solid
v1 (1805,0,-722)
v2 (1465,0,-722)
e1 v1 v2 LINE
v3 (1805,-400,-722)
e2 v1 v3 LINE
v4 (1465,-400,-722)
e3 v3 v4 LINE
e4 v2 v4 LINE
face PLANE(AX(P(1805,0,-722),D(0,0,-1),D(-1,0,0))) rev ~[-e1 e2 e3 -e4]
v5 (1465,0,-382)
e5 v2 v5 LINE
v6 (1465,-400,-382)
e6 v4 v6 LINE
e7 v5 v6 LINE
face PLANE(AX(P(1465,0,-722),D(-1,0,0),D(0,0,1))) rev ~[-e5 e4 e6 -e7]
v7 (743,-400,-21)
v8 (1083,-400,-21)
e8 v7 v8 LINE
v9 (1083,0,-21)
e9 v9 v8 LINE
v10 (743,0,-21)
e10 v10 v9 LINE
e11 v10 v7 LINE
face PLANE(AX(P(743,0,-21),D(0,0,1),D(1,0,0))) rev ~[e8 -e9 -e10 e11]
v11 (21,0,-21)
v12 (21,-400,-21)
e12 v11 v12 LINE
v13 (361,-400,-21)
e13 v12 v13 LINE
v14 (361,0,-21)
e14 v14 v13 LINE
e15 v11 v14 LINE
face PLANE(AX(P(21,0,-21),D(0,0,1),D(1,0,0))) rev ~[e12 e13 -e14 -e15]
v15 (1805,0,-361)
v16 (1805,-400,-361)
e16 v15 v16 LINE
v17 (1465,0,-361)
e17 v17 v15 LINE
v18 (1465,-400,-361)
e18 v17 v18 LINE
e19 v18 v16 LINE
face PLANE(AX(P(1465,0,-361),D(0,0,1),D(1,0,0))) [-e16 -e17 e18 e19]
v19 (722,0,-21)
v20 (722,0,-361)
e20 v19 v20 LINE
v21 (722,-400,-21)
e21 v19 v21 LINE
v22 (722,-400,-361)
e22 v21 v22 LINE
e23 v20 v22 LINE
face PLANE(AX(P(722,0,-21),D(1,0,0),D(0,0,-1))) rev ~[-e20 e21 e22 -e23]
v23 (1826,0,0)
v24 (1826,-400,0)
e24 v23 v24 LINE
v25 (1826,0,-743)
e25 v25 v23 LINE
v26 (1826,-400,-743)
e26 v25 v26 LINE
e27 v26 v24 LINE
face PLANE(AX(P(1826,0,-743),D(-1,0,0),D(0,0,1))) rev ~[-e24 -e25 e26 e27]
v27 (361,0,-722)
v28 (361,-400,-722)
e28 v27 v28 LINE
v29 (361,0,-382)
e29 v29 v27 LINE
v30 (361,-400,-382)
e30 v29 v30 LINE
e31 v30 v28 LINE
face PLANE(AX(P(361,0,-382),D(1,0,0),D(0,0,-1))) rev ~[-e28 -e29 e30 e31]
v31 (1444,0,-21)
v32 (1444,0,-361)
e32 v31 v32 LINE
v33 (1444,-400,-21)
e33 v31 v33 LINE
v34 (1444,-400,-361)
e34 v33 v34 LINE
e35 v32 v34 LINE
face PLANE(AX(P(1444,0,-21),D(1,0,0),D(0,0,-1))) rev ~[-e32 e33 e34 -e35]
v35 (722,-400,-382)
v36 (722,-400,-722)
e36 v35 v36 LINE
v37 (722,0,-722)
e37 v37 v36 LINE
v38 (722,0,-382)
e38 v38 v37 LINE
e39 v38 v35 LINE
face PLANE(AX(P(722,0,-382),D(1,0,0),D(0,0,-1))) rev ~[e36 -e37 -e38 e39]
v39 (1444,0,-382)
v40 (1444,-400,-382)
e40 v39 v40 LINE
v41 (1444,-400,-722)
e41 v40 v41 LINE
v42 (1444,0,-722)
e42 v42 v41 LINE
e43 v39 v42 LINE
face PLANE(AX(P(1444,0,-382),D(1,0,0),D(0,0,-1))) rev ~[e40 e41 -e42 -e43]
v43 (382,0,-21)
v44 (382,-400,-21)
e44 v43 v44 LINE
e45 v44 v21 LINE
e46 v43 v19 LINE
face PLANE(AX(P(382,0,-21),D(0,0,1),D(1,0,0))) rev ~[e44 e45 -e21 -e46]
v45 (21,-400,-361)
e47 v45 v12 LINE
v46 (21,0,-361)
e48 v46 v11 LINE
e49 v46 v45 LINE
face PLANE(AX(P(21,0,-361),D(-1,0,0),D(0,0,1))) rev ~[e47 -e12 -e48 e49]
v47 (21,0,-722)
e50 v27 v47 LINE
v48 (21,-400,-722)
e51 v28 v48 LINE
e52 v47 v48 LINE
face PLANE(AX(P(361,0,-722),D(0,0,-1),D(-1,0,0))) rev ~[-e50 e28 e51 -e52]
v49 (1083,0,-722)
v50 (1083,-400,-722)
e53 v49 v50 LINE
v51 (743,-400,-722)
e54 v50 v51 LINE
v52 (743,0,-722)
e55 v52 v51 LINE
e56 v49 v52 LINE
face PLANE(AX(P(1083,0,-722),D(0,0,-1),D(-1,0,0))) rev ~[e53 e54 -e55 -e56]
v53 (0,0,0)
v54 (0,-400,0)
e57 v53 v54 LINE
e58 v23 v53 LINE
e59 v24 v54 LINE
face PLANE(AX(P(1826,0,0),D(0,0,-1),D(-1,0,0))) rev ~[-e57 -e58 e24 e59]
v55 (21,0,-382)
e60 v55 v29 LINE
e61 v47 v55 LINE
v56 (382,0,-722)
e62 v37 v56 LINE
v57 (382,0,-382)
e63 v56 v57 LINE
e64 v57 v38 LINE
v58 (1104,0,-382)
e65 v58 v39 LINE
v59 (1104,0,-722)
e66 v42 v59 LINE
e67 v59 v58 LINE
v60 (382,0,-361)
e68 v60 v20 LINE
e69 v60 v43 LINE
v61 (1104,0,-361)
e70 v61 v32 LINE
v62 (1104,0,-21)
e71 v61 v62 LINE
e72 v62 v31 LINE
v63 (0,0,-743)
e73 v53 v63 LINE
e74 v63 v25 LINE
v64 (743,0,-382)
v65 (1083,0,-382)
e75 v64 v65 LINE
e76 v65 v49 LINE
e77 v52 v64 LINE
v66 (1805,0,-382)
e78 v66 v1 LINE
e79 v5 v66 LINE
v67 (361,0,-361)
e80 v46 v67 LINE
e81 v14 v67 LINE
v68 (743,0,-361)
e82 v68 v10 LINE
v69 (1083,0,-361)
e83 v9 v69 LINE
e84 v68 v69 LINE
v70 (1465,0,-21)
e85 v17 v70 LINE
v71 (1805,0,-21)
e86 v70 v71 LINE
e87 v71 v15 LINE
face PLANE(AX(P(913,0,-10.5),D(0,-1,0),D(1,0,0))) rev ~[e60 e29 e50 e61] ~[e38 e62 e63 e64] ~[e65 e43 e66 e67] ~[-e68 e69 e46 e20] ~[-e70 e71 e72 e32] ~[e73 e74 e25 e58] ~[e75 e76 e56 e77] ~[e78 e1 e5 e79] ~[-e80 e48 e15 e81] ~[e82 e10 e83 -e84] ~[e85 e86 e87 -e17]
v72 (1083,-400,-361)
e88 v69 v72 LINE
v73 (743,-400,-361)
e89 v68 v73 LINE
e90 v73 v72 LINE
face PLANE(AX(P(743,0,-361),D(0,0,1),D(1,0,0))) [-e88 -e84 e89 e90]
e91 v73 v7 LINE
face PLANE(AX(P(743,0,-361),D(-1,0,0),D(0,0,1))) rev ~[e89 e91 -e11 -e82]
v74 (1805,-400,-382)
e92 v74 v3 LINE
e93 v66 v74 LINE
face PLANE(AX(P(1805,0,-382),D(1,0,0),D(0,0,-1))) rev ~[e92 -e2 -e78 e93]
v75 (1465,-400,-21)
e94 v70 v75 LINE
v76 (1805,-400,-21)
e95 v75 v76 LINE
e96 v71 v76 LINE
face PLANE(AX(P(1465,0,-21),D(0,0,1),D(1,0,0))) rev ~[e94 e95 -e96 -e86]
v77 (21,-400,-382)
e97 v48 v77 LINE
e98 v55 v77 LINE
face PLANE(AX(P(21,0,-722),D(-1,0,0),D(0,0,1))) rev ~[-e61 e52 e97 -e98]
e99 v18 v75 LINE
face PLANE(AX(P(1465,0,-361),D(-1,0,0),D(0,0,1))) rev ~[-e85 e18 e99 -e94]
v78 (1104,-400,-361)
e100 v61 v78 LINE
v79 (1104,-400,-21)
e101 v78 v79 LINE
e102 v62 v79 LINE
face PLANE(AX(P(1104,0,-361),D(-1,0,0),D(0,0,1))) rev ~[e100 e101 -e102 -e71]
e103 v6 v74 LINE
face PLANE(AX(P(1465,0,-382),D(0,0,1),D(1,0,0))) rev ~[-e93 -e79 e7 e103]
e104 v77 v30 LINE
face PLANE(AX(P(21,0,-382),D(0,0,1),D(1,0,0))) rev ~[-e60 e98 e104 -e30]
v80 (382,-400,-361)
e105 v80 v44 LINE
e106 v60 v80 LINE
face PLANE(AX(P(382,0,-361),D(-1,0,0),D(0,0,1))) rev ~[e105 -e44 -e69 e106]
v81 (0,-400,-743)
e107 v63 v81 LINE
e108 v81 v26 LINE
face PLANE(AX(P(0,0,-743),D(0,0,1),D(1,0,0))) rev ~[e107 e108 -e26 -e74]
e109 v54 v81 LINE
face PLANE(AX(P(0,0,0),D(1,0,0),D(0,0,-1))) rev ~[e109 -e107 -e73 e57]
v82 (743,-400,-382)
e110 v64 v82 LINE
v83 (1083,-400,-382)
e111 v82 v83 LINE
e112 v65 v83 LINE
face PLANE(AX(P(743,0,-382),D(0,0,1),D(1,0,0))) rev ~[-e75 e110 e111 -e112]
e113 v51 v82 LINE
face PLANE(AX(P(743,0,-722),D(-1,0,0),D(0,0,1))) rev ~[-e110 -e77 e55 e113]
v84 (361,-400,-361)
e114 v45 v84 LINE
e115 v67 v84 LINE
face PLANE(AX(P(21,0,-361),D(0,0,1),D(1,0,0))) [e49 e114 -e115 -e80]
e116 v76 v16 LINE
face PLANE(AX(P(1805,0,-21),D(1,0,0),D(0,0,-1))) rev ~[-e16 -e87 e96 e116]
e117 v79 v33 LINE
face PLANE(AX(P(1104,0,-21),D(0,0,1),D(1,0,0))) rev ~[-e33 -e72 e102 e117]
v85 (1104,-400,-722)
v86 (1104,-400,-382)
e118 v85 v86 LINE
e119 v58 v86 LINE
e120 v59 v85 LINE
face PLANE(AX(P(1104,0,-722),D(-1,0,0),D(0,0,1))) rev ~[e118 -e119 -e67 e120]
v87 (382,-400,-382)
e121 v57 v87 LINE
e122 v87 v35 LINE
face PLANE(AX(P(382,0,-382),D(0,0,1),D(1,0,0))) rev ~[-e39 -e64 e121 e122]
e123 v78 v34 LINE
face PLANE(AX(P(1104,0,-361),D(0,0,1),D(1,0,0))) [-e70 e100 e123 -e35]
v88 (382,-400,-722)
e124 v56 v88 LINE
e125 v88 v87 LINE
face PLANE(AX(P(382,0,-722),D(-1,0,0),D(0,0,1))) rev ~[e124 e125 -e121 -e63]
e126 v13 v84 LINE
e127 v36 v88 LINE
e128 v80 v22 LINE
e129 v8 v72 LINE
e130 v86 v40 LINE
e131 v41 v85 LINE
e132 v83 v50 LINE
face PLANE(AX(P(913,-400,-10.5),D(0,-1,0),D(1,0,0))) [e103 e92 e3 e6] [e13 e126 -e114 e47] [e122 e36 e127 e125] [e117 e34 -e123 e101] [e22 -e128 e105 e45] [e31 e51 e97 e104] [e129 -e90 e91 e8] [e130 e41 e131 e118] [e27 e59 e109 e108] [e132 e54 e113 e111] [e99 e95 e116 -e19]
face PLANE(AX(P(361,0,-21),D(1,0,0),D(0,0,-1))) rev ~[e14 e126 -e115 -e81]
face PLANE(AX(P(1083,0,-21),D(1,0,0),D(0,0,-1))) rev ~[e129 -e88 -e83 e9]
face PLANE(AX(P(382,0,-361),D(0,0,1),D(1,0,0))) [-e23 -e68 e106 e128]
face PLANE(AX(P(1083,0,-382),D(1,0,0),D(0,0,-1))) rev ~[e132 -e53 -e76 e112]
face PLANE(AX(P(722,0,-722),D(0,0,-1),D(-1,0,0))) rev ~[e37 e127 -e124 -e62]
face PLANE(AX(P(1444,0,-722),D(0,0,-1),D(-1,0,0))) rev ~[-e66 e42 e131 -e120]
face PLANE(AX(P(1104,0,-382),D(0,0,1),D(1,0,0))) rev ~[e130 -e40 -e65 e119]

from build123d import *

# Parameters (mm, degrees)
F0_W     = 340
F0_H     = 21
F1_DEPTH = 400


with BuildPart() as f1:
    # F0 (on Front) → F1 (new body)
    with BuildSketch(Plane.XZ):
        Polygon((1826, 0), (0, 0), (0, -21), (21, -21), (361, -21), (382, -21), (722, -21), (743, -21), (1083, -21), (1104, -21), (1444, -21), (1465, -21), (1805, -21), (1826, -21), align=None)
        Polygon((1465, -361), (1465, -21), (1444, -21), (1444, -361), (1444, -382), (1444, -722), (1465, -722), (1465, -382), align=None)
        Polygon((1104, -361), (1104, -21), (1083, -21), (1083, -361), (1083, -382), (1083, -722), (1104, -722), (1104, -382), align=None)
        Polygon((21, -722), (0, -722), (0, -743), (1826, -743), (1826, -722), (1805, -722), (1465, -722), (1444, -722), (1104, -722), (1083, -722), (743, -722), (722, -722), (382, -722), (361, -722), align=None)
        Polygon((743, -21), (722, -21), (722, -361), (722, -382), (722, -722), (743, -722), (743, -382), (743, -361), align=None)
        Polygon((382, -21), (361, -21), (361, -361), (361, -382), (361, -722), (382, -722), (382, -382), (382, -361), align=None)
        Polygon((21, -21), (0, -21), (0, -722), (21, -722), (21, -382), (21, -361), align=None)
        with Locations((191, -371.5)):
            Rectangle(F0_W, F0_H)
        with Locations((552, -371.5)):
            Rectangle(F0_W, F0_H)
        with Locations((913, -371.5)):
            Rectangle(F0_W, F0_H)
        with Locations((1274, -371.5)):
            Rectangle(F0_W, F0_H)
        Polygon((1826, -722), (1826, -21), (1805, -21), (1805, -361), (1805, -382), (1805, -722), align=None)
        with Locations((1635, -371.5)):
            Rectangle(F0_W, F0_H)
    extrude(amount=F1_DEPTH)


solid = f1.part
